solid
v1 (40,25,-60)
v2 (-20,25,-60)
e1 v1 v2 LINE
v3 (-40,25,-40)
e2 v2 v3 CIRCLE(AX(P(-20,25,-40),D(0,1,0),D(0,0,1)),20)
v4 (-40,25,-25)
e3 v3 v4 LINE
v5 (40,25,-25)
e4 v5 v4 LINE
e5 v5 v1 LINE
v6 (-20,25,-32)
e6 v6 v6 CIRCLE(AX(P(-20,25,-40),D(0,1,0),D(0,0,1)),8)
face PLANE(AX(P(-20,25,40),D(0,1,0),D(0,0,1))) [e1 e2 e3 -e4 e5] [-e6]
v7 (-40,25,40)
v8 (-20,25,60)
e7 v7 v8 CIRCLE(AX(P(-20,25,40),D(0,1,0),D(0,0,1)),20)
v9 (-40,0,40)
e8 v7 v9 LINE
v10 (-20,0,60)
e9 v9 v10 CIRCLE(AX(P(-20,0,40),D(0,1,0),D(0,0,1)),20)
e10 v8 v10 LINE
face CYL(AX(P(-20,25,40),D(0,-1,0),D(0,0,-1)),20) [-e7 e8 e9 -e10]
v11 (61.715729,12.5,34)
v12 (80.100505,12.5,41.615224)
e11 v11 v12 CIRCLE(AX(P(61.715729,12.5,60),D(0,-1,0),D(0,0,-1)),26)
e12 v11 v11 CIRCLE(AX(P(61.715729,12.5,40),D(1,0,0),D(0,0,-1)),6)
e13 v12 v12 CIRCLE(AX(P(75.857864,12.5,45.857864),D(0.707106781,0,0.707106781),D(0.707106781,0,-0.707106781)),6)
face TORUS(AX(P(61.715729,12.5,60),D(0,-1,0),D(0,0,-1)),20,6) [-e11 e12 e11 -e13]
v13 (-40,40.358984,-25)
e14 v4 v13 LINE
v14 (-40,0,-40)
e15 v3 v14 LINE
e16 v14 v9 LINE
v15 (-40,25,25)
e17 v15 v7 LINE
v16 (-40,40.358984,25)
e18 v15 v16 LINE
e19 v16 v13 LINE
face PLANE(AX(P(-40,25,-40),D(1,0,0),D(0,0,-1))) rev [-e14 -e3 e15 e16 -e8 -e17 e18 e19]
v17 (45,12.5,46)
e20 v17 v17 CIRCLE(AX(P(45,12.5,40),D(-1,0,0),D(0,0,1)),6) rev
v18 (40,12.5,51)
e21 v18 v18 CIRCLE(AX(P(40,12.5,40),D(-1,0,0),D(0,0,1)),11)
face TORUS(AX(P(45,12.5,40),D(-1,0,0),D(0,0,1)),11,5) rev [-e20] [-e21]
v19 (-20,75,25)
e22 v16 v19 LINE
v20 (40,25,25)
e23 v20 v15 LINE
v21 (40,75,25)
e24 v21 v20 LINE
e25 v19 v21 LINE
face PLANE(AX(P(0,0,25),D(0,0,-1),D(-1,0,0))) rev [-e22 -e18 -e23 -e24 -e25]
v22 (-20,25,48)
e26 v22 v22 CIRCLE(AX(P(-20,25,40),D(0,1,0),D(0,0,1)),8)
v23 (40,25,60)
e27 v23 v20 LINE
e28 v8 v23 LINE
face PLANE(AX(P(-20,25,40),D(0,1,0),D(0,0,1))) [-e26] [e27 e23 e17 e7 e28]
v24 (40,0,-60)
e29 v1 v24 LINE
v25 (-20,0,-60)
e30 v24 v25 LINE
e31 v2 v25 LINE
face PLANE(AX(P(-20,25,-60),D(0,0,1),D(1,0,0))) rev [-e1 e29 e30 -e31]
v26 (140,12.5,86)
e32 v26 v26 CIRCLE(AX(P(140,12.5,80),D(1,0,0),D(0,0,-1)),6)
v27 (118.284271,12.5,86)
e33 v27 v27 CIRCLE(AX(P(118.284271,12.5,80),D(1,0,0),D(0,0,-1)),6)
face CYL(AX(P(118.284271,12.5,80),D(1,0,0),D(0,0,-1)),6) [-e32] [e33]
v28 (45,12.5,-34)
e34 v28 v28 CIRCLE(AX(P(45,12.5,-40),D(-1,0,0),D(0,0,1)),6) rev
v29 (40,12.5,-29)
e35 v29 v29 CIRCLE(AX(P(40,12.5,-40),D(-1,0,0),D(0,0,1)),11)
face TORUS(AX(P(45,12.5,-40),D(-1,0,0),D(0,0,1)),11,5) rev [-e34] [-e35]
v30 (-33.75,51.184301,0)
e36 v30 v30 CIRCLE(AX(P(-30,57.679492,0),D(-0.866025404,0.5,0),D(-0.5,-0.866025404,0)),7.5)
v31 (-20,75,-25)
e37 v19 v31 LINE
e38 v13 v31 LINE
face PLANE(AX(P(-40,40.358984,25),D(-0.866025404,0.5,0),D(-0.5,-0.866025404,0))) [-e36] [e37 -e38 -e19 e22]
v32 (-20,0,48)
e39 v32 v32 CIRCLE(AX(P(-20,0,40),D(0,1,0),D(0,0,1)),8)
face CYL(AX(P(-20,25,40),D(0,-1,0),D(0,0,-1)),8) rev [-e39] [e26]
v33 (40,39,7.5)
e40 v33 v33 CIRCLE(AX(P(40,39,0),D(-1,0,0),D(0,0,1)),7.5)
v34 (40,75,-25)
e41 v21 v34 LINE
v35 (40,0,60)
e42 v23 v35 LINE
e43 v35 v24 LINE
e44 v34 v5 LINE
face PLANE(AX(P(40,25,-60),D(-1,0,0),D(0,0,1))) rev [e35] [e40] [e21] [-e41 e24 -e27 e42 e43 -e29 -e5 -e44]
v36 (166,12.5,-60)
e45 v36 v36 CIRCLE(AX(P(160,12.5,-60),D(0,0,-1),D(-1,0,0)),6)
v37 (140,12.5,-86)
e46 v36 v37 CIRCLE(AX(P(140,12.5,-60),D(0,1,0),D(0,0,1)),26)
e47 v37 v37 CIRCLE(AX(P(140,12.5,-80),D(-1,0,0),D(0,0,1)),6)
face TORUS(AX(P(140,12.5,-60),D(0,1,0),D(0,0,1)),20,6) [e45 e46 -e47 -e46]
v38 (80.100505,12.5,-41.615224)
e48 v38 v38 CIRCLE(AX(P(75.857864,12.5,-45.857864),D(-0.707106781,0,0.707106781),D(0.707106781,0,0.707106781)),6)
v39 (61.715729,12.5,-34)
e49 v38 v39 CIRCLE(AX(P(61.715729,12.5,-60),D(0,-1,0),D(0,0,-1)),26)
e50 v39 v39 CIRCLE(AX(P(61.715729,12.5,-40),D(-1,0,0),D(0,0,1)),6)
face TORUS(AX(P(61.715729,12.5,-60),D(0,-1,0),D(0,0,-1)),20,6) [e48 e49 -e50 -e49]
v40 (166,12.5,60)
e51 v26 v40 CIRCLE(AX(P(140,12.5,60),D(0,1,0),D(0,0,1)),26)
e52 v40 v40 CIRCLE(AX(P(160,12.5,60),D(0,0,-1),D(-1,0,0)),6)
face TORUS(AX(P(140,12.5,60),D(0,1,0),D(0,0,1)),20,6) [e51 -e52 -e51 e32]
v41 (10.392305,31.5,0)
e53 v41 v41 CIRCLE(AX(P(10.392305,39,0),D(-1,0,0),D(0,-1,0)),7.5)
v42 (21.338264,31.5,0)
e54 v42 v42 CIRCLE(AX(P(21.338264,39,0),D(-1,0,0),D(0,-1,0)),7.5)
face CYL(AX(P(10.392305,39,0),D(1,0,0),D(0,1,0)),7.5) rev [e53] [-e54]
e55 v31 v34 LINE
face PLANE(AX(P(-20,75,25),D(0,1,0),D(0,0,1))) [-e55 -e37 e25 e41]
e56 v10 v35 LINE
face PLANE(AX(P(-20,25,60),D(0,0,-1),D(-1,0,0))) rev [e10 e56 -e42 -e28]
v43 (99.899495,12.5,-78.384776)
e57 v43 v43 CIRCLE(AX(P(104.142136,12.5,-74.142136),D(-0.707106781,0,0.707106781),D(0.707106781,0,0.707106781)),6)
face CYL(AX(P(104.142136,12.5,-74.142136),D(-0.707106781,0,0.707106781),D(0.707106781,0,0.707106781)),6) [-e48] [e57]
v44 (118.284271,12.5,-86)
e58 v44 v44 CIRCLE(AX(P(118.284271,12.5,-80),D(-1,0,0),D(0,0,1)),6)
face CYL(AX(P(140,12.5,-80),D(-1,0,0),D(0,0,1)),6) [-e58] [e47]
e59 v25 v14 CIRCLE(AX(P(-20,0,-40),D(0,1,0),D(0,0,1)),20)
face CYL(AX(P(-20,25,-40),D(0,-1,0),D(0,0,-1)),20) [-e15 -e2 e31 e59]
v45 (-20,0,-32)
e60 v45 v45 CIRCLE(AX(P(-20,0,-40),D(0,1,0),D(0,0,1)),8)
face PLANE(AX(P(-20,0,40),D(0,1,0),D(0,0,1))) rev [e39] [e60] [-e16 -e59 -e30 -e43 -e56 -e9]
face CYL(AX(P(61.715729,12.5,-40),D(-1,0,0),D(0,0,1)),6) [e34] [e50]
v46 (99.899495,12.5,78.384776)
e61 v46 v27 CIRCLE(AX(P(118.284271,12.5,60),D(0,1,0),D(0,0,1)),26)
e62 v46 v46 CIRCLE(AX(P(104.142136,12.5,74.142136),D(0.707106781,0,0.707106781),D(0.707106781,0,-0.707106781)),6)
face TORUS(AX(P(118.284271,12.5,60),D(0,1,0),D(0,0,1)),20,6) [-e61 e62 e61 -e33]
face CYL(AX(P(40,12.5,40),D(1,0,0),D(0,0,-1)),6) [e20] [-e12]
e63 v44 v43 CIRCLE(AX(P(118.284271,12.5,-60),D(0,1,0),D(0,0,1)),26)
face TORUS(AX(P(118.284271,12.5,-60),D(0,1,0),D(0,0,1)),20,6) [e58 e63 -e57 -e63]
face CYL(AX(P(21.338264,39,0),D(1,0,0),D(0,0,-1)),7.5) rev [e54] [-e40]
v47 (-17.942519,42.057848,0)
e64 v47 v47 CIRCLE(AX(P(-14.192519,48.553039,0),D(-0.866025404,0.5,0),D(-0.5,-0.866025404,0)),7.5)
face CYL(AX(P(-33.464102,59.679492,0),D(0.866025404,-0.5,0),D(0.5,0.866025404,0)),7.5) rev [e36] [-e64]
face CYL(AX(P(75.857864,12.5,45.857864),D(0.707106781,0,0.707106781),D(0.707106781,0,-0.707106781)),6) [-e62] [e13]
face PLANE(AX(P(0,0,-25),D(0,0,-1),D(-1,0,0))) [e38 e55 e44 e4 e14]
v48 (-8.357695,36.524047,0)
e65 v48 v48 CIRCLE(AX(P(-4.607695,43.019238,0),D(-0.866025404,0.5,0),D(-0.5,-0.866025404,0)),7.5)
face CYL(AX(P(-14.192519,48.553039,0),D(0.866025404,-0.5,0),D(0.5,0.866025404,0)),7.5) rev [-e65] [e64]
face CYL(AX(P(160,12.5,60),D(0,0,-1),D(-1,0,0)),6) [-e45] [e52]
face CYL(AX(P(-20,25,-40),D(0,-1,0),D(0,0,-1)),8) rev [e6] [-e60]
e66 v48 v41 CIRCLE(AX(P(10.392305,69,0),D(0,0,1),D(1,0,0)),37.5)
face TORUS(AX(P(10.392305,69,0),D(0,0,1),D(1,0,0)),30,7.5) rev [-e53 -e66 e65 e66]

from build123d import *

# Parameters (mm, degrees)
SKETCH_1_R        = 8
EXTRUDE_1_DEPTH   = 25
EXTRUDE_2_DEPTH   = 25
SKETCH_11_R       = 7.5
SWEEP_1_PROFILE_R = 6
FILLET_1_R        = 5


with BuildPart() as part:
    # 草图1 → 凸台-拉伸1 (new body)
    with BuildSketch(Plane(origin=(0, 0, 0), x_dir=(1, 0, 0), z_dir=(0, 1, 0))):
        with BuildLine():
            Line((-20, 60), (40, 60))
            Line((40, 60), (40, -60))
            Line((40, -60), (-20, -60))
            ThreePointArc((-20, -60), (-34.142135624, -54.142135624), (-40, -40))
            Line((-40, -40), (-40, 40))
            ThreePointArc((-40, 40), (-34.142135624, 54.142135624), (-20, 60))
        make_face()
        with Locations(Location((-20, -40, 0), (0, 0, 270))):
            Circle(SKETCH_1_R, mode=Mode.SUBTRACT)
        with Locations(Location((-20, 40, 0), (0, 0, 270))):
            Circle(SKETCH_1_R, mode=Mode.SUBTRACT)
    extrude(amount=EXTRUDE_1_DEPTH)

    # 草图2 → 凸台-拉伸2 (add, symmetric)
    with BuildSketch(Plane.XY):
        Polygon((40, 25), (-40, 25), (-40, 40.358983849), (-20, 75), (40, 75), align=None)
    extrude(amount=EXTRUDE_2_DEPTH, both=True)

    # 切除-扫描2: sweep along a path in 草图4
    with BuildLine(Plane.XY) as sweep_2_path:
        Line((-30, 57.679491924), (-14.192519241, 48.553038653))
        Line((-14.192519241, 48.553038653), (-4.607695155, 43.019237886))
        ThreePointArc((-4.607695155, 43.019237886), (2.627733492, 40.022225211), (10.392304845, 39))
        Line((10.392304845, 39), (21.338264313, 39))
        Line((21.338264313, 39), (40, 39))
    # 草图11 → 切除-扫描2 (sweep, cut)
    with BuildSketch(Plane(origin=(-47.475952642, 27.410254038, 0), x_dir=(0, 0, 1), z_dir=(-0.8660254037844382, 0.5000000000000011, 0))):
        with Locations((0, 34.951905284)):
            Circle(SKETCH_11_R)
    sweep(path=sweep_2_path.line, mode=Mode.SUBTRACT)

    # 扫描1: sweep along a path in 草图13
    with BuildLine(Plane.ZX.offset(12.5)) as sweep_1_path:
        Line((-40, 40), (-40, 61.715728753))
        ThreePointArc((-40, 61.715728753), (-41.52240935, 69.3693974), (-45.857864376, 75.857864376))
        Line((-45.857864376, 75.857864376), (-74.142135624, 104.142135624))
        ThreePointArc((-74.142135624, 104.142135624), (-78.47759065, 110.6306026), (-80, 118.284271247))
        Line((-80, 118.284271247), (-80, 140))
        ThreePointArc((-80, 140), (-74.142135624, 154.142135624), (-60, 160))
        Line((-60, 160), (60, 160))
        ThreePointArc((60, 160), (74.142135624, 154.142135624), (80, 140))
        Line((80, 140), (80, 118.284271247))
        ThreePointArc((80, 118.284271247), (78.47759065, 110.6306026), (74.142135624, 104.142135624))
        Line((74.142135624, 104.142135624), (45.857864376, 75.857864376))
        ThreePointArc((45.857864376, 75.857864376), (41.52240935, 69.3693974), (40, 61.715728753))
        Line((40, 61.715728753), (40, 40))
    # 扫描1 profile (on start of the path) → 扫描1 (sweep)
    with BuildSketch(Plane(origin=(40, 12.5, -40), x_dir=(0, 0, 1), z_dir=(1, 0, 0))):
        Circle(SWEEP_1_PROFILE_R)
    sweep(path=sweep_1_path.line)

    # 圆角1
    fillet_1_edges = [part.edges().sort_by_distance(p)[0] for p in [
        (40, 12.5, 46),
        (40, 12.5, -46),
    ]]
    fillet(fillet_1_edges, radius=FILLET_1_R)


solid = part.part
